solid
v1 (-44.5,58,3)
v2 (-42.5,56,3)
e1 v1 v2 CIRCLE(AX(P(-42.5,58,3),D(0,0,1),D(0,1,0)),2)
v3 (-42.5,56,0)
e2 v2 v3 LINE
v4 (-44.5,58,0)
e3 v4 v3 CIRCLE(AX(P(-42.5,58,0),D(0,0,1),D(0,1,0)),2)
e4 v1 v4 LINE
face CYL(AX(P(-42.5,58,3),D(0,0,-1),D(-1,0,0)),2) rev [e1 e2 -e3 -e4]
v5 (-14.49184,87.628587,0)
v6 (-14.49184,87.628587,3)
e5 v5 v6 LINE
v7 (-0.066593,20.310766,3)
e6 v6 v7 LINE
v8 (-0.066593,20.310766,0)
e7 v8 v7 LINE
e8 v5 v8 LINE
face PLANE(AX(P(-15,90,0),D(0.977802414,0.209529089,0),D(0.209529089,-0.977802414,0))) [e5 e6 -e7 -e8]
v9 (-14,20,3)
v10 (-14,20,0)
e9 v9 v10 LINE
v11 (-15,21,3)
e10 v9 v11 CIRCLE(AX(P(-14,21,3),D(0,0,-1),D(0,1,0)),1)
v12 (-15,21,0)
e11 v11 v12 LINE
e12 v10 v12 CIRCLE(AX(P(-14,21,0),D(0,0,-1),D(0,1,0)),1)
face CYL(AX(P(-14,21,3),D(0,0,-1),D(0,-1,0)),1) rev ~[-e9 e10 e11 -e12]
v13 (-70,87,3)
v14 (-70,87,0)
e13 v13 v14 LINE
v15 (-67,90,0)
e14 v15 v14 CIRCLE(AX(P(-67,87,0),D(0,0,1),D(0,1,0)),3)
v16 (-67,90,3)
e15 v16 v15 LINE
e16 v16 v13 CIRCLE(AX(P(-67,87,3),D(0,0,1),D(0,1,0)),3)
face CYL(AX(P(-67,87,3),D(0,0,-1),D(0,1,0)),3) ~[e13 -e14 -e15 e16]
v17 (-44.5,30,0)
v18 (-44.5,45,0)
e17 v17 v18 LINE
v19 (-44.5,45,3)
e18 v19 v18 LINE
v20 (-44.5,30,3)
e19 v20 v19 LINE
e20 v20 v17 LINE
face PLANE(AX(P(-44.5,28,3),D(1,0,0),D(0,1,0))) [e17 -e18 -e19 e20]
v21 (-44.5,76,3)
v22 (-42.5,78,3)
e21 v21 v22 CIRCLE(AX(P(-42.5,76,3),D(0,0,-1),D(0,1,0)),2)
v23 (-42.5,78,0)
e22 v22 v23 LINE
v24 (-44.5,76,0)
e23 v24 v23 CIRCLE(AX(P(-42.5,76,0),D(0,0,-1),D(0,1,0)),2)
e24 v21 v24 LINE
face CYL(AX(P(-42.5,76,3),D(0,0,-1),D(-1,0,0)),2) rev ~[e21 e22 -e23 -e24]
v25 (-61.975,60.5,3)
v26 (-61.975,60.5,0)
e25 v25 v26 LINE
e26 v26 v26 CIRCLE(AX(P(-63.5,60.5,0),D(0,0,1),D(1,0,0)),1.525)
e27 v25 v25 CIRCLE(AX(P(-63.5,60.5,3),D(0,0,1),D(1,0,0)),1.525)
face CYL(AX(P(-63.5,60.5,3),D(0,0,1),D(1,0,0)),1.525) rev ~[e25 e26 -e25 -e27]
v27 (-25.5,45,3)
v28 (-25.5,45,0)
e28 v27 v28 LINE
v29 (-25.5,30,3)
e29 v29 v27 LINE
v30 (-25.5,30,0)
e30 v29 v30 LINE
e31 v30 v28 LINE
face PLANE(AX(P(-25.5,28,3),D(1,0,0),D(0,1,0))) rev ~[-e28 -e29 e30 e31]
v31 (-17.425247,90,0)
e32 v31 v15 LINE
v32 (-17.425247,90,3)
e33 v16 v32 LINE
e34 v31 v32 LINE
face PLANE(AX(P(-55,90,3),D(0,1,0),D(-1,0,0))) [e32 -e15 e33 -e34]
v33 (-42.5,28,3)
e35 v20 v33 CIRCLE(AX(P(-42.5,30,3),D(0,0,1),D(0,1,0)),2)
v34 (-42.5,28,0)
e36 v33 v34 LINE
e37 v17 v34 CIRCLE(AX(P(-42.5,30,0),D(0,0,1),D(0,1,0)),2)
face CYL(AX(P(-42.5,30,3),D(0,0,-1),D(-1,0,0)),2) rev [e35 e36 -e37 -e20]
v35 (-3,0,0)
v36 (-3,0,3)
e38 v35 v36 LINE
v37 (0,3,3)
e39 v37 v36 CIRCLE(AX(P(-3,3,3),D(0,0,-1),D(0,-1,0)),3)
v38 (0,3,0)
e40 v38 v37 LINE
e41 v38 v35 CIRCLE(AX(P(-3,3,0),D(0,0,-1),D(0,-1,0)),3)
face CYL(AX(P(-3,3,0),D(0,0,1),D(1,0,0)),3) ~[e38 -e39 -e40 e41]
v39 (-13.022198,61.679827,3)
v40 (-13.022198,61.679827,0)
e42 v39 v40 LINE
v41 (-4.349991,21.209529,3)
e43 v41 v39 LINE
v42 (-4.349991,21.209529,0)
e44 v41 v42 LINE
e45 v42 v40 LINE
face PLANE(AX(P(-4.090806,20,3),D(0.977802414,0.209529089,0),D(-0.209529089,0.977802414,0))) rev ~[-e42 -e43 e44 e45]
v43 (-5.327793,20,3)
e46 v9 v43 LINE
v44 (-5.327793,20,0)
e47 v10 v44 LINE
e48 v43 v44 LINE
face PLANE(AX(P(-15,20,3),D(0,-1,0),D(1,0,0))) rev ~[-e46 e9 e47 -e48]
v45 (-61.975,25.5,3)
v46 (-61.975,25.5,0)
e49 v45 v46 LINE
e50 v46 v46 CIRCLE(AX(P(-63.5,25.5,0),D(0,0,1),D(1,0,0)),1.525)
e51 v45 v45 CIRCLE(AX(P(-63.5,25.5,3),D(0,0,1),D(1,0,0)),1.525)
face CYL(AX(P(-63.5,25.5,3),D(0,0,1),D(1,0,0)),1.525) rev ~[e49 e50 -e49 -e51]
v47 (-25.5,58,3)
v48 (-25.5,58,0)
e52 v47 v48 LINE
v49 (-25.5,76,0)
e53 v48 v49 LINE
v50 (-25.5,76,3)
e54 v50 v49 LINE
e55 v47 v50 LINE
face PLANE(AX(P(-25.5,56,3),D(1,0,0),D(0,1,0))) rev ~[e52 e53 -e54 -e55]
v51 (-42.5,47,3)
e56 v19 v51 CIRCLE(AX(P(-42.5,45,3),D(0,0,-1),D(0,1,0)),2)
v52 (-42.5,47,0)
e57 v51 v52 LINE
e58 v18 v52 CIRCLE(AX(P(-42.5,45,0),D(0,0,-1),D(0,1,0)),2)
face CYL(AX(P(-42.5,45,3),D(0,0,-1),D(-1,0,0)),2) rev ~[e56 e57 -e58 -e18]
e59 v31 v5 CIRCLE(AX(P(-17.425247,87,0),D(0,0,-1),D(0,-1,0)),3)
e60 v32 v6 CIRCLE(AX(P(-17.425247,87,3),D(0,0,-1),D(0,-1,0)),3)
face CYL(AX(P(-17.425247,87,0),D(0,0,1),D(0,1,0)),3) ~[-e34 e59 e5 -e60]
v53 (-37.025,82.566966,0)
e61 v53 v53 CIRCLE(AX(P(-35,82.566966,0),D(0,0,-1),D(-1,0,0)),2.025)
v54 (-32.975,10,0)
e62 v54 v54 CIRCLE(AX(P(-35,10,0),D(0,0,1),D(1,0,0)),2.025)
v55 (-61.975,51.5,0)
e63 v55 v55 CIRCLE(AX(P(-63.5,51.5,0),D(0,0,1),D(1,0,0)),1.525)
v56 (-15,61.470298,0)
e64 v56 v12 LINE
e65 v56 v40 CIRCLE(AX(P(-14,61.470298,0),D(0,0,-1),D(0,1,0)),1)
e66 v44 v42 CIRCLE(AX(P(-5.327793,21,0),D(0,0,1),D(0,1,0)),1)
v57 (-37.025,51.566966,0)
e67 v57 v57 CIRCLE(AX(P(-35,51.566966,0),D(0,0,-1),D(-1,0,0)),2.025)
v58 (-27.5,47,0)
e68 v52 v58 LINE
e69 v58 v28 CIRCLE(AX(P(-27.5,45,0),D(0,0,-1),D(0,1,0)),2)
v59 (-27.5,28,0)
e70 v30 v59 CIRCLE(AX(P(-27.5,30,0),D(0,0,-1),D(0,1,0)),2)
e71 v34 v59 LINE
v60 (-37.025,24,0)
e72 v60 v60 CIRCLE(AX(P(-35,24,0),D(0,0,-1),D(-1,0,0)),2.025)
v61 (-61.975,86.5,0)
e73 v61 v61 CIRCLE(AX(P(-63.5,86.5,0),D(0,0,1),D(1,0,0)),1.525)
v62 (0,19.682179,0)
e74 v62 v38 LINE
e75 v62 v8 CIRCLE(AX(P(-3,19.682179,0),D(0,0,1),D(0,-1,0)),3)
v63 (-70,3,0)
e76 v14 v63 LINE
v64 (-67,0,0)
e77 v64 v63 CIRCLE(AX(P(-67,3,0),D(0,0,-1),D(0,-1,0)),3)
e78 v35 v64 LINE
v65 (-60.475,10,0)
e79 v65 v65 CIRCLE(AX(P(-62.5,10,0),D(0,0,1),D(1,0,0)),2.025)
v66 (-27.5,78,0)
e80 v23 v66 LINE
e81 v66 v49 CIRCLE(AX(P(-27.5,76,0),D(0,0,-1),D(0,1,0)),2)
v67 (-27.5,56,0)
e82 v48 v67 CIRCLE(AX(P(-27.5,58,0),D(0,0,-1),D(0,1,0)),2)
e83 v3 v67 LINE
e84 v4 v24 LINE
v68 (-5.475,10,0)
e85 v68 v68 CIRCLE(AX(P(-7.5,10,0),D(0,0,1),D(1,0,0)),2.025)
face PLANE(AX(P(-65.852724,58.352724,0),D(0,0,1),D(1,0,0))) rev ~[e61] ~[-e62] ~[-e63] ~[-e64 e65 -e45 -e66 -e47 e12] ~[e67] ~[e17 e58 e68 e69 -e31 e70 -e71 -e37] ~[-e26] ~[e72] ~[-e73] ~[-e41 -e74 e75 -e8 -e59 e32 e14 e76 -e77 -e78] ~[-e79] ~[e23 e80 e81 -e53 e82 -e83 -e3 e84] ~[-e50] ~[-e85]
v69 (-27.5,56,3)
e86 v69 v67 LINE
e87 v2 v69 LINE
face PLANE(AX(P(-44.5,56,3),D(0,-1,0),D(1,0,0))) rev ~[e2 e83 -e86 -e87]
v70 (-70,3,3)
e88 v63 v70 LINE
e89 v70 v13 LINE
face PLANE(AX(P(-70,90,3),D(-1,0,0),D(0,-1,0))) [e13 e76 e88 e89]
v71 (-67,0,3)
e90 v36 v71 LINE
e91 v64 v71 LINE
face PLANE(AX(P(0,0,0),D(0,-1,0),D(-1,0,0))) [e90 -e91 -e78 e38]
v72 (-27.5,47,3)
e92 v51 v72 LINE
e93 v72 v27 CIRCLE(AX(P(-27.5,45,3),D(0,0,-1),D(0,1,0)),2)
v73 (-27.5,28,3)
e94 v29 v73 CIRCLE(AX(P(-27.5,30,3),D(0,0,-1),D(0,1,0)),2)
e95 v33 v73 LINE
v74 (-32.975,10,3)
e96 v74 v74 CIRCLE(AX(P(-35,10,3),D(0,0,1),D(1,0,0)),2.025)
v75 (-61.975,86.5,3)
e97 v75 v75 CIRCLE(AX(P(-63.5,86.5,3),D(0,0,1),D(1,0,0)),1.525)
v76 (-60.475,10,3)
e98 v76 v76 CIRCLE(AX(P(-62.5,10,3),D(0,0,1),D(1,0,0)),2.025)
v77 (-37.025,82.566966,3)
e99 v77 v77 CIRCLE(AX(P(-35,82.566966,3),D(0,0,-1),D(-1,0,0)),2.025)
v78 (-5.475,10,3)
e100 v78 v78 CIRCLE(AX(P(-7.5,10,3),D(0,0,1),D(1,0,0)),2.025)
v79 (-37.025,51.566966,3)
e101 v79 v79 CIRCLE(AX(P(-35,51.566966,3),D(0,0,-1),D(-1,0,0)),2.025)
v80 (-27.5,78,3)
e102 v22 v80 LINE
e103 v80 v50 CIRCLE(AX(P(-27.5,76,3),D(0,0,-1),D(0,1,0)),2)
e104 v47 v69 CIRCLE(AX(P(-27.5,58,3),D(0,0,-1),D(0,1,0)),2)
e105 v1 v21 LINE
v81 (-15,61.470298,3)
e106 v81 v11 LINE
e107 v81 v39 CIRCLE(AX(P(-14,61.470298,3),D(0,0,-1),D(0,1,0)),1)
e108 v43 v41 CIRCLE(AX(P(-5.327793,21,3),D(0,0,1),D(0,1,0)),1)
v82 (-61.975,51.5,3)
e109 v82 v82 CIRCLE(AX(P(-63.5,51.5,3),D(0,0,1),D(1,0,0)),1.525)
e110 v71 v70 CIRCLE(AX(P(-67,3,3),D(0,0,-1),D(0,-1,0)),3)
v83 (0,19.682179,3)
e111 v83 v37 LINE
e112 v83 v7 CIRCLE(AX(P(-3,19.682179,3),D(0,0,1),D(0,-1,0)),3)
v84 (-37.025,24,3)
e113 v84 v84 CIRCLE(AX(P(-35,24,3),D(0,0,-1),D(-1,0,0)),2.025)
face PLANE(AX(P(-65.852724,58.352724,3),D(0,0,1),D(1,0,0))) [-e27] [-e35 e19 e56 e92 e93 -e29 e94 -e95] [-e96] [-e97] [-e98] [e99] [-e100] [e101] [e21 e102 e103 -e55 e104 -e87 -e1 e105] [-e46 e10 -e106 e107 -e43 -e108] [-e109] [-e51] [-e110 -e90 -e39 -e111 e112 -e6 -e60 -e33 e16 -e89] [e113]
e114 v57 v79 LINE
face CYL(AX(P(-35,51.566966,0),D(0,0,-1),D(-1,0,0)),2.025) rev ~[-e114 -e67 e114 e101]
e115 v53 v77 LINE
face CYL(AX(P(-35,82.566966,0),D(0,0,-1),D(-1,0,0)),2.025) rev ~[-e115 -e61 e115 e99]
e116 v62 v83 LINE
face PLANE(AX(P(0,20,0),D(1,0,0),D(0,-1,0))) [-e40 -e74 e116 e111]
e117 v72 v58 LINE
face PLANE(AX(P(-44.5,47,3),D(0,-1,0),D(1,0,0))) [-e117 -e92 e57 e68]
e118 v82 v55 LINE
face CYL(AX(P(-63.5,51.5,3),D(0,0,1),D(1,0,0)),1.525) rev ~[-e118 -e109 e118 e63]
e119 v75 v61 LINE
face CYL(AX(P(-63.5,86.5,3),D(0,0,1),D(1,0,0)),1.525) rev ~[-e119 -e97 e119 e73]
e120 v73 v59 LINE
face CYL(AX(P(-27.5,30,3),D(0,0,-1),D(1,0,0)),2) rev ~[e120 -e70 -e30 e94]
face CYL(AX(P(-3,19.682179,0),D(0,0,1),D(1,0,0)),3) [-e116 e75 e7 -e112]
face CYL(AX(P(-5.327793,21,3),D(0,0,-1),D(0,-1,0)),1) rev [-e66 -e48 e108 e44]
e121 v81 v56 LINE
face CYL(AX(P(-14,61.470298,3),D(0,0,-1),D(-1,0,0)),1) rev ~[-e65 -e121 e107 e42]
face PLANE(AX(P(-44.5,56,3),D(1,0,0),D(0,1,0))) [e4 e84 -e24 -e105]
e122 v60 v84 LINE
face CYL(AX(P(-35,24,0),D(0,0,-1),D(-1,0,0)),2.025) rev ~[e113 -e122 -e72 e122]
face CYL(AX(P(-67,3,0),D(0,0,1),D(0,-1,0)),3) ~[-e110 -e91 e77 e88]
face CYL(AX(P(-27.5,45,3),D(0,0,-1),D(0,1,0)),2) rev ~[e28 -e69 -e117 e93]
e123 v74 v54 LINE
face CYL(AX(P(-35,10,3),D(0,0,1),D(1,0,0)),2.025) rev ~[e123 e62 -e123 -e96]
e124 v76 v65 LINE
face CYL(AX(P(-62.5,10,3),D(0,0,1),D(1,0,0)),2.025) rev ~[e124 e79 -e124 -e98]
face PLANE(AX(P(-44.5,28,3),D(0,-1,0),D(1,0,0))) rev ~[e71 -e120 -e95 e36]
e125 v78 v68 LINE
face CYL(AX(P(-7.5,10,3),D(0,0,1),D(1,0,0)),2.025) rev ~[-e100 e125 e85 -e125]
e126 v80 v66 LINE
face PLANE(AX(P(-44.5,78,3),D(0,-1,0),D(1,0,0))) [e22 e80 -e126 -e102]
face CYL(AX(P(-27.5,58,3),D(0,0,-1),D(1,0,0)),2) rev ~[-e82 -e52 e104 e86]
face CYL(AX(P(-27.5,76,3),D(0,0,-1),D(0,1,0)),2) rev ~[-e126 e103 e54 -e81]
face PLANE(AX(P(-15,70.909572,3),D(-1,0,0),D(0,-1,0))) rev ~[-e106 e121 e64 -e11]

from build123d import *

# Parameters (mm, degrees)
EXTRUDE_1_DEPTH          = 3
SKETCH_3_W               = 19
SKETCH_3_H               = 22
SKETCH_3_H_2             = 19
CUT_EXTRUDE_1_DEPTH      = 3
FILLET_1_R               = 1
FILLET_2_R               = 2
SKETCH_4_R               = 2.025
CUT_EXTRUDE_2_DEPTH      = 3
SKETCH_5_R               = 2.025
CUT_EXTRUDE_3_DEPTH      = 10
EXTRUDE_2_DEPTH          = 3
FILLET_3_R               = 3
SKETCH_8_R               = 1.525
CUT_EXTRUDE_4_DEPTH      = 1
CUT_EXTRUDE_4_DEPTH_BACK = 4


with BuildPart() as part:
    # 草图1 → 凸台-拉伸1 (new body)
    with BuildSketch(Plane.XY):
        Polygon((0, 0), (-70, 0), (-70, 20), (-55, 90), (-15, 90), (0, 20), align=None)
    extrude(amount=EXTRUDE_1_DEPTH)

    # 草图3 → 切除-拉伸1 (cut)
    with BuildSketch(Plane.XY.offset(3)):
        with Locations((-35, 67)):
            Rectangle(SKETCH_3_W, SKETCH_3_H)
        with Locations((-35, 37.5)):
            Rectangle(SKETCH_3_W, SKETCH_3_H_2)
        Polygon((-4.090806018, 20), (-15, 70.909571916), (-15, 20), align=None)
    extrude(amount=-CUT_EXTRUDE_1_DEPTH, mode=Mode.SUBTRACT)

    # 圆角1
    fillet_1_edges = [part.edges().sort_by_distance(p)[0] for p in [
        (-4.090806018, 20, 1.5),
        (-15, 20, 1.5),
        (-15, 70.909571916, 1.5),
    ]]
    fillet(fillet_1_edges, radius=FILLET_1_R)

    # 圆角2
    fillet_2_edges = [part.edges().sort_by_distance(p)[0] for p in [
        (-25.5, 47, 1.5),
        (-25.5, 28, 1.5),
        (-44.5, 28, 1.5),
        (-44.5, 47, 1.5),
        (-25.5, 78, 1.5),
        (-25.5, 56, 1.5),
        (-44.5, 56, 1.5),
        (-44.5, 78, 1.5),
    ]]
    fillet(fillet_2_edges, radius=FILLET_2_R)

    # 草图4 → 切除-拉伸2 (cut)
    with BuildSketch(Plane.XY.offset(3)):
        with Locations((-62.5, 10)):
            Circle(SKETCH_4_R)
        with Locations((-35, 10)):
            Circle(SKETCH_4_R)
        with Locations((-7.5, 10)):
            Circle(SKETCH_4_R)
    extrude(amount=-CUT_EXTRUDE_2_DEPTH, mode=Mode.SUBTRACT)

    # 草图5 → 切除-拉伸3 (cut)
    with BuildSketch(Plane(origin=(0, 0, 0), x_dir=(-1, 0, 0), z_dir=(0, 0, -1))):
        with Locations((35, 82.566965626)):
            Circle(SKETCH_5_R)
        with Locations((35, 51.566965626)):
            Circle(SKETCH_5_R)
        with Locations((35, 24)):
            Circle(SKETCH_5_R)
    extrude(amount=-CUT_EXTRUDE_3_DEPTH, mode=Mode.SUBTRACT)

    # 草图7 → 凸台-拉伸2 (add)
    with BuildSketch(Plane.XY.offset(3)):
        Polygon((-55, 90), (-70, 90), (-70, 20), align=None)
    extrude(amount=-EXTRUDE_2_DEPTH)

    # 圆角3
    fillet_3_edges = [part.edges().sort_by_distance(p)[0] for p in [
        (0, 0, 1.5),
        (-70, 0, 1.5),
        (-15, 90, 1.5),
        (0, 20, 1.5),
        (-70, 90, 1.5),
    ]]
    fillet(fillet_3_edges, radius=FILLET_3_R)

    # 草图8 → 切除-拉伸4 (cut, two sides)
    with BuildSketch(Plane.XY.offset(3)) as cut_extrude_4_sk:
        with Locations((-63.5, 86.5)):
            Circle(SKETCH_8_R)
        with Locations((-63.5, 60.5)):
            Circle(SKETCH_8_R)
        with Locations((-63.5, 51.5)):
            Circle(SKETCH_8_R)
        with Locations((-63.5, 25.5)):
            Circle(SKETCH_8_R)
    extrude(amount=CUT_EXTRUDE_4_DEPTH, mode=Mode.SUBTRACT)
    extrude(cut_extrude_4_sk.sketch, amount=-CUT_EXTRUDE_4_DEPTH_BACK, mode=Mode.SUBTRACT)


solid = part.part
